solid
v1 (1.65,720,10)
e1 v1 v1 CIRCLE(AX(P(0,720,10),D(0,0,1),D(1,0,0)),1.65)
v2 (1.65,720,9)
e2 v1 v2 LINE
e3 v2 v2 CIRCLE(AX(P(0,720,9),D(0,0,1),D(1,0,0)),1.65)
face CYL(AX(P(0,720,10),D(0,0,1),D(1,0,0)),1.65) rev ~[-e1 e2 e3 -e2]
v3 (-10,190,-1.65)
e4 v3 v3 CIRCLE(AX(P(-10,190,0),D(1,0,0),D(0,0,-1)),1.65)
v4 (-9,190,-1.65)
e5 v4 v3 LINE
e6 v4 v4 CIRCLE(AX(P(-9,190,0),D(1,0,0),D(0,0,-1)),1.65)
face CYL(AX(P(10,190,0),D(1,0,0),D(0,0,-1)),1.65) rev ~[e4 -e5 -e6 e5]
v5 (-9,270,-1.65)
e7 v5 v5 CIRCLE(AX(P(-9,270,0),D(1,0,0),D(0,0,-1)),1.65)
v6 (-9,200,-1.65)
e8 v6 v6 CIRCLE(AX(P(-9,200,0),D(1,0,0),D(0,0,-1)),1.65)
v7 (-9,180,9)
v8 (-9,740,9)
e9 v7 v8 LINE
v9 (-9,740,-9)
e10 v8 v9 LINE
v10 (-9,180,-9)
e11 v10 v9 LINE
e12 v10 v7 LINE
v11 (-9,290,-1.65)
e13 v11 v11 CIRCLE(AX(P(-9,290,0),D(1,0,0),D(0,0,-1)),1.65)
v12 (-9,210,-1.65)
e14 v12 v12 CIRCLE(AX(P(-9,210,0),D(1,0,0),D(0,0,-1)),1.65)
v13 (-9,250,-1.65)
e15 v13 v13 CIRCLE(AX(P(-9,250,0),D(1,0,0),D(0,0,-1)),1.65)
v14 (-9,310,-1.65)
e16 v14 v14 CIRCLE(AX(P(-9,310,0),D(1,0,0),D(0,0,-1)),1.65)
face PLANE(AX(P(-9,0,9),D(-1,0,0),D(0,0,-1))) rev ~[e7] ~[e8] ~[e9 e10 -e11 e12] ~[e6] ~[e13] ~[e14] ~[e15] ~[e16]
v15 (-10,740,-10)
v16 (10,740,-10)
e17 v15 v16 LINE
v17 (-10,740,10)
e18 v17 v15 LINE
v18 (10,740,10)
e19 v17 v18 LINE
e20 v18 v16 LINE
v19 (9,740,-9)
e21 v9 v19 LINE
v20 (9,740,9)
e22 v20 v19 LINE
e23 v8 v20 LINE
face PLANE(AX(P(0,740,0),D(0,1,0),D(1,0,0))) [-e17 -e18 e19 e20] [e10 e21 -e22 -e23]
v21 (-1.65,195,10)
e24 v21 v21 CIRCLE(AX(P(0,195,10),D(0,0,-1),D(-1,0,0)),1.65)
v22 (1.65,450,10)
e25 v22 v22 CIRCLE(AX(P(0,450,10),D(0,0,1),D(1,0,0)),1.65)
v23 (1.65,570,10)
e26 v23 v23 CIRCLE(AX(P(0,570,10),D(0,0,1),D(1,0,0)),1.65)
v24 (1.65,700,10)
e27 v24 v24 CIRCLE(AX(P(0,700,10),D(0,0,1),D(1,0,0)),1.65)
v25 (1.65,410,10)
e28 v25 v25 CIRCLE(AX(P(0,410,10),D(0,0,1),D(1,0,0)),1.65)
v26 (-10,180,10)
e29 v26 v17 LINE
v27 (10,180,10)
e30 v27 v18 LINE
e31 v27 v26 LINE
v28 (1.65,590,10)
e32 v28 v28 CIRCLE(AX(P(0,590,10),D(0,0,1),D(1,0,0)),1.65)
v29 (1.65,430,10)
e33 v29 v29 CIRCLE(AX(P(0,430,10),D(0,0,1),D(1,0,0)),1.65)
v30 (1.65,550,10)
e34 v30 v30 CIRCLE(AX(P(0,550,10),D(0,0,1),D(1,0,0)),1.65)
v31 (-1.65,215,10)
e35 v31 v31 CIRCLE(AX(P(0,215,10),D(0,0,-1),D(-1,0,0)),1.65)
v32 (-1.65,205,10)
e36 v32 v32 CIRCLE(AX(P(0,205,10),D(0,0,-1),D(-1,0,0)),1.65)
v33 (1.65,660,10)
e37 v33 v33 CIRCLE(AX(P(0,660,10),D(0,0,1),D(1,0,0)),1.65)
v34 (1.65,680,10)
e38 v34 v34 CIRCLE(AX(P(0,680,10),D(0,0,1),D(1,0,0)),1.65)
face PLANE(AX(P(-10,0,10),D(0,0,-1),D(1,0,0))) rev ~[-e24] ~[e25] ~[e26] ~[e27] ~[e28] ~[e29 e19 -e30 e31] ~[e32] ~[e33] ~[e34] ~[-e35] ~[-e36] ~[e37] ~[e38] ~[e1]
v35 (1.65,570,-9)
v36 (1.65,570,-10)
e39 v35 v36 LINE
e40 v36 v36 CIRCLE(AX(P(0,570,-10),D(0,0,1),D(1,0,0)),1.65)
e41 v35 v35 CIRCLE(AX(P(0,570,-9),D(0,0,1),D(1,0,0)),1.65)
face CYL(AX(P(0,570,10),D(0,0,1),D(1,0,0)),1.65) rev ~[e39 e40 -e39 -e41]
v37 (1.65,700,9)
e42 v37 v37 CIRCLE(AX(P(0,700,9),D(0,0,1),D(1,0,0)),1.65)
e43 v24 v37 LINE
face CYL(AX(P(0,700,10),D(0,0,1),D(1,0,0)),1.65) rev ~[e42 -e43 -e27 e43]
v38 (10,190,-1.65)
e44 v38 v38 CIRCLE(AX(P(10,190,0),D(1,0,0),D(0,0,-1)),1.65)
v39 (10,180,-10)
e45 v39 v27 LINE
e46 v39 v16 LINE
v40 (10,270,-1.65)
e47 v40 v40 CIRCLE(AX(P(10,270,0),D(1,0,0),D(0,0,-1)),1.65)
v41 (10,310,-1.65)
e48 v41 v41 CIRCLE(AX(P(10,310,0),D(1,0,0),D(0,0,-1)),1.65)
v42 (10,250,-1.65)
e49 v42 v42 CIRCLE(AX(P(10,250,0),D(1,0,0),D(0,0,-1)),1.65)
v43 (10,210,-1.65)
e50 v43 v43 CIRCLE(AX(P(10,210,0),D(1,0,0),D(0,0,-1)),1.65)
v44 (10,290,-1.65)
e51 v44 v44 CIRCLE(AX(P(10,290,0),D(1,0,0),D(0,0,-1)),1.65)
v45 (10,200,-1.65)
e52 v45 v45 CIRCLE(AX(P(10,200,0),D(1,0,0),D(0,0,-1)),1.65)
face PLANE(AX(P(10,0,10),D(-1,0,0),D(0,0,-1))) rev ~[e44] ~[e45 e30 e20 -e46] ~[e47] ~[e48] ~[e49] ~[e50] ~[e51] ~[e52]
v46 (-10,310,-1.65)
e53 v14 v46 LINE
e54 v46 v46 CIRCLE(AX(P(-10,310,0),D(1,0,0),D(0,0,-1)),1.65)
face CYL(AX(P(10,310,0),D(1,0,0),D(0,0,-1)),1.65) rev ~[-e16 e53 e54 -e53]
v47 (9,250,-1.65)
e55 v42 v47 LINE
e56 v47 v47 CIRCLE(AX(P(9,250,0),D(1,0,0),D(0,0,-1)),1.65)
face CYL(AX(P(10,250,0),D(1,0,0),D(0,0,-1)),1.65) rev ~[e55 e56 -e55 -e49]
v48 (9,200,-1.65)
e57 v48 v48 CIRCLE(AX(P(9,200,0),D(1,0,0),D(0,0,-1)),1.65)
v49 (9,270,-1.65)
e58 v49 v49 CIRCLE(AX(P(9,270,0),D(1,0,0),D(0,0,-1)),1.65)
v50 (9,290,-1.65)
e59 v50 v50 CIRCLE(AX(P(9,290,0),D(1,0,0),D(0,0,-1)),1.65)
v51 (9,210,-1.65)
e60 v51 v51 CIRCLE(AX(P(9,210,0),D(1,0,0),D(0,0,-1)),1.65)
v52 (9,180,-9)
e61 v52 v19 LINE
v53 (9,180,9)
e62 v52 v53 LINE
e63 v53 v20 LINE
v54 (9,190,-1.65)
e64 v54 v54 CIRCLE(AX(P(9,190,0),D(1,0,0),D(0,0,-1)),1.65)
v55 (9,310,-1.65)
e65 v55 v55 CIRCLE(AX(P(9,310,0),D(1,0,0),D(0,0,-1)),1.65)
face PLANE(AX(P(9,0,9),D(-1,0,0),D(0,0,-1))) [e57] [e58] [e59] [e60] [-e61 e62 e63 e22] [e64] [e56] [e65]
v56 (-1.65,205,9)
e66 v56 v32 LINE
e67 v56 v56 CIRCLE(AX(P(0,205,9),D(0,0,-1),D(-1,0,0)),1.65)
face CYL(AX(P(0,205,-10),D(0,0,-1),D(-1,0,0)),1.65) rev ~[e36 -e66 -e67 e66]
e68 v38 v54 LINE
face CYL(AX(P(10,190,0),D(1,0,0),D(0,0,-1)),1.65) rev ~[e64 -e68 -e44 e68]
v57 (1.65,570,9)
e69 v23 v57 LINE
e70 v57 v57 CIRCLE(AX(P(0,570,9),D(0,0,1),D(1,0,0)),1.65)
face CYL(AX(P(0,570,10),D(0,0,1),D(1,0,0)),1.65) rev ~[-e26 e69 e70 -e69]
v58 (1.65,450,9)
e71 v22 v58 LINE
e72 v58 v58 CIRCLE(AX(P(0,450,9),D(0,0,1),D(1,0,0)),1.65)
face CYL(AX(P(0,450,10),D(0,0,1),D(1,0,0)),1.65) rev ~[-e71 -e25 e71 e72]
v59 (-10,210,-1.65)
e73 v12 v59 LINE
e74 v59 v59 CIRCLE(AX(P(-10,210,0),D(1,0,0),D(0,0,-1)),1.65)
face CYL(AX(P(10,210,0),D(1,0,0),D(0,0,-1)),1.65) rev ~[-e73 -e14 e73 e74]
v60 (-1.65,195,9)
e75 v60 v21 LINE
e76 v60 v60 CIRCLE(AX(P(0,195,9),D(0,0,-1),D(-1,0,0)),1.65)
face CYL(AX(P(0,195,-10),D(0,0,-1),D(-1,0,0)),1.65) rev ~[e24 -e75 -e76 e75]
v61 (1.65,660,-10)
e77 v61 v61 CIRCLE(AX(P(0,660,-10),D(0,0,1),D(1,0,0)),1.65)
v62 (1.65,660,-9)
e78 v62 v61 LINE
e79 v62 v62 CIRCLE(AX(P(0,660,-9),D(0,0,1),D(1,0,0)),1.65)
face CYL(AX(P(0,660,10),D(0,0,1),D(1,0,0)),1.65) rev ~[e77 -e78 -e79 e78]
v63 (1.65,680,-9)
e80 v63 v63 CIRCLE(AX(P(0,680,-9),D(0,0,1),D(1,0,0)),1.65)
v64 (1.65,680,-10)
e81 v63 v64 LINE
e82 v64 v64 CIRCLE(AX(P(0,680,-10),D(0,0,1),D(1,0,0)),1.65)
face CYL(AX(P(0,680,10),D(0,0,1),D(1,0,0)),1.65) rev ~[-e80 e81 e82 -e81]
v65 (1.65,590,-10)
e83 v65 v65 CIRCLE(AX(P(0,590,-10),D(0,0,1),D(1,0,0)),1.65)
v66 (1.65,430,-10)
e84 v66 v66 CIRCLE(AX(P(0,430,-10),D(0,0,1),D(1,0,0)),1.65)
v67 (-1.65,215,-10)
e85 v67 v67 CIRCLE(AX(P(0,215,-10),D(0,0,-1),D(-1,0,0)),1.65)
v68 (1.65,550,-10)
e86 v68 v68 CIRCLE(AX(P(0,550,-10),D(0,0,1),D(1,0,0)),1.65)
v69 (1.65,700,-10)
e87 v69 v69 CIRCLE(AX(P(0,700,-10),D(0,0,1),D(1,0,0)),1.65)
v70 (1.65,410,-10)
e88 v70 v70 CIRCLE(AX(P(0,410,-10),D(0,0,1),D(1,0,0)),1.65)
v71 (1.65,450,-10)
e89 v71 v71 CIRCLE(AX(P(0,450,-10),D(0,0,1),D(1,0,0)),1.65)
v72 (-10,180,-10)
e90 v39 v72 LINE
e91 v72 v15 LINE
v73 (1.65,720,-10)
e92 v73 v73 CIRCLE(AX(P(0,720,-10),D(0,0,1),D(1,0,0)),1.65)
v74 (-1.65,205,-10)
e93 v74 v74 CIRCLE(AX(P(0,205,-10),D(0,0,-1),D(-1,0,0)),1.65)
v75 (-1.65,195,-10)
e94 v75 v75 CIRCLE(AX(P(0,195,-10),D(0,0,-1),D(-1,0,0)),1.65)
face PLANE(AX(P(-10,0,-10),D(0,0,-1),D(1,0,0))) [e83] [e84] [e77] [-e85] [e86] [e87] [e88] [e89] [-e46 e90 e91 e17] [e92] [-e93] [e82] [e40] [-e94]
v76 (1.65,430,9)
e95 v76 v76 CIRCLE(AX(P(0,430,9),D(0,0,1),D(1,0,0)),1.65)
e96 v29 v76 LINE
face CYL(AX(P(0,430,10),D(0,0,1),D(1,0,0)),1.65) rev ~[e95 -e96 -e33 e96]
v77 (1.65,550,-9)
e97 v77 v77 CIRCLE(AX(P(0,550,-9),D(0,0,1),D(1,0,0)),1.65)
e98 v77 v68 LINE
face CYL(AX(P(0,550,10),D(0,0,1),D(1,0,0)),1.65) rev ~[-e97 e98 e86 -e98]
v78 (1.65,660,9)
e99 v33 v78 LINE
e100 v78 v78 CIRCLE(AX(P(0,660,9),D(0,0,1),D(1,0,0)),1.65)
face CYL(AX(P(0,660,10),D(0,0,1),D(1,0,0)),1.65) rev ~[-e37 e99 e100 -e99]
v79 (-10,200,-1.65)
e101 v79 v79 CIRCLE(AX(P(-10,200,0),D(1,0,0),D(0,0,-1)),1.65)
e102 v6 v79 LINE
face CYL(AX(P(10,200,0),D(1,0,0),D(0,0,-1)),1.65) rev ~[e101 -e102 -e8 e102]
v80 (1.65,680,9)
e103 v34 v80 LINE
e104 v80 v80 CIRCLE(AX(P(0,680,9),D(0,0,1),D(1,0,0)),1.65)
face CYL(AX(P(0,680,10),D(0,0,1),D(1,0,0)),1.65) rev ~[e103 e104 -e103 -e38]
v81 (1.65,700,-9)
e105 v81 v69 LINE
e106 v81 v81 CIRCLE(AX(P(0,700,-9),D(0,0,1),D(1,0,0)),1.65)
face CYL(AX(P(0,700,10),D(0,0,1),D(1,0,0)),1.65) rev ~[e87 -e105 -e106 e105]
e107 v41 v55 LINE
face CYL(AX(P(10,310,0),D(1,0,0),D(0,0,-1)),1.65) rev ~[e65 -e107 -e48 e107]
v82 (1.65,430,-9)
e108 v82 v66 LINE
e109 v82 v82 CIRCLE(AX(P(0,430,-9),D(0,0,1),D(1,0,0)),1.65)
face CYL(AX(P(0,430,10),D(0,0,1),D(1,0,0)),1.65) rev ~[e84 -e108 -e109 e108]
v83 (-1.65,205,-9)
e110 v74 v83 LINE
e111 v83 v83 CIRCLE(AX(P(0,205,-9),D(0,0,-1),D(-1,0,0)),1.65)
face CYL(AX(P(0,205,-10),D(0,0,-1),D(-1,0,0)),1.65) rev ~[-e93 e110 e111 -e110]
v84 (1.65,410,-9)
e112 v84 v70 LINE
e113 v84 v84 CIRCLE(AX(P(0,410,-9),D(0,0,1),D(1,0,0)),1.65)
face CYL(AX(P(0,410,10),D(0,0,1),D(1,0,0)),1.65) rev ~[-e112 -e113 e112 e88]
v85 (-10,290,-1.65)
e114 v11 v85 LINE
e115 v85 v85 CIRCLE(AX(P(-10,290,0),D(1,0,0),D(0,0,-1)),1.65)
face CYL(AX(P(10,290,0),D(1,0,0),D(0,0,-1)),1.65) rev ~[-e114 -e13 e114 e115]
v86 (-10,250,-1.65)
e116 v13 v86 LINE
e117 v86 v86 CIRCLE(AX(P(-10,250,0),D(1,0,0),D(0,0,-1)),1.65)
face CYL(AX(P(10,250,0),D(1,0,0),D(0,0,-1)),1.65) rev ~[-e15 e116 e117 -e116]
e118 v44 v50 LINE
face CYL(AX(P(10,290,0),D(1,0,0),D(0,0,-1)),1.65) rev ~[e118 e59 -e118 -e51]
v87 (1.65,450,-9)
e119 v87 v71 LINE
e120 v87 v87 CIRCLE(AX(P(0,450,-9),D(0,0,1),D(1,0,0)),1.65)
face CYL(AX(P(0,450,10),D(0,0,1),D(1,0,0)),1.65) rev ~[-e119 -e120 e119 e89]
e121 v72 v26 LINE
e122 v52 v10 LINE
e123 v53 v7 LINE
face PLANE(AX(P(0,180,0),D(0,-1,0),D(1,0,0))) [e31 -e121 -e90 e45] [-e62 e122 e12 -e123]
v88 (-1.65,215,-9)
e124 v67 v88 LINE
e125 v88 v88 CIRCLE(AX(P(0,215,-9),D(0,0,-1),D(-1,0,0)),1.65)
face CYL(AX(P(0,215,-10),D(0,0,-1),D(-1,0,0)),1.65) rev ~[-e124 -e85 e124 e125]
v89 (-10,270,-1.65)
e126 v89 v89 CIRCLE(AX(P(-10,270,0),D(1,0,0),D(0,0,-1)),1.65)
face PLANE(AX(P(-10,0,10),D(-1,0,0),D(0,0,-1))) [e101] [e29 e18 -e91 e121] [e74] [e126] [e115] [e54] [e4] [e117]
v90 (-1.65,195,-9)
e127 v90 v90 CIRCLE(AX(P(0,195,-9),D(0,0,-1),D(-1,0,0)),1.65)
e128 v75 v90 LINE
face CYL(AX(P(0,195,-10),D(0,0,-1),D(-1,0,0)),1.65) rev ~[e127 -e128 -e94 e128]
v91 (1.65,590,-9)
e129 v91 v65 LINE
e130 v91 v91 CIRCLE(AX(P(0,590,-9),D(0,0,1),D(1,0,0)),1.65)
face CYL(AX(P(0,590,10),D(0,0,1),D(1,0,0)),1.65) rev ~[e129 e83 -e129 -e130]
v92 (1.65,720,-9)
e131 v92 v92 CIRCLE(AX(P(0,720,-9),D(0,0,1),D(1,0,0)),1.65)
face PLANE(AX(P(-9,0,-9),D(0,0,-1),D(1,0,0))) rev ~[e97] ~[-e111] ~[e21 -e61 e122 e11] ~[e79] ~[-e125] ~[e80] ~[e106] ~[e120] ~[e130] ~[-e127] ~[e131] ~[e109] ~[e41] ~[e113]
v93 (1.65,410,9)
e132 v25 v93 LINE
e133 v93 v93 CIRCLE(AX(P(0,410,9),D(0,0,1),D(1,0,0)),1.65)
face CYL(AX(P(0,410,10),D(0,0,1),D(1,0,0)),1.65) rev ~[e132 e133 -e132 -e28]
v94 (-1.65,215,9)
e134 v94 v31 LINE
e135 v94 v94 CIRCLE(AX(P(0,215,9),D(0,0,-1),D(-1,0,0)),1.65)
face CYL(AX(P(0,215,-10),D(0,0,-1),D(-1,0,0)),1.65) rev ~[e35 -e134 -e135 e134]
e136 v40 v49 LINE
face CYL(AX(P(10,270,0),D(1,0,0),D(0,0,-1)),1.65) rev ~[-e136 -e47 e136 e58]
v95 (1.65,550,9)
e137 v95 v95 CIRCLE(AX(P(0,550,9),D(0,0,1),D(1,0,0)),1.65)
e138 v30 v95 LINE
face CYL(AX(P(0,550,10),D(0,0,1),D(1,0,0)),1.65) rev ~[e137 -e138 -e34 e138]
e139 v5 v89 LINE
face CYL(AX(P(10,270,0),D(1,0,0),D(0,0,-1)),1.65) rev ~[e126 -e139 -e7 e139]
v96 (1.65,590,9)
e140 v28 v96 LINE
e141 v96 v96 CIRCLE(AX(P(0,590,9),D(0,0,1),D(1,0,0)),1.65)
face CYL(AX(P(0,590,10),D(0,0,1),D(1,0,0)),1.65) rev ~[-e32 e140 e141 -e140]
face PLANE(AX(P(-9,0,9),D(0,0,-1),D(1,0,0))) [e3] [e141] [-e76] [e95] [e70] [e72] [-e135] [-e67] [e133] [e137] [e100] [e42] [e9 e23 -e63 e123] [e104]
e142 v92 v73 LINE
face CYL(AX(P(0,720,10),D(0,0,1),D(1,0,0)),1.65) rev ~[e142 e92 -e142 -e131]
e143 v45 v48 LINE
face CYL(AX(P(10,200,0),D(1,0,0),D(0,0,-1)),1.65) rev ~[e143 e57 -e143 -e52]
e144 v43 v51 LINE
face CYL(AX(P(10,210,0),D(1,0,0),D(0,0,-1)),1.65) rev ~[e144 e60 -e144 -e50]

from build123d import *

# Parameters (mm, degrees)
SKETCH_1_W          = 20
SKETCH_1_H          = 20
SKETCH_1_W_2        = 18
SKETCH_1_H_2        = 18
EXTRUDE_1_DEPTH     = 740
SKETCH_3_R          = 1.65
CUT_EXTRUDE_1_DEPTH = 32
SKETCH_4_R          = 1.65
CUT_EXTRUDE_2_DEPTH = 741.337760755
SKETCH_5_R          = 14.566227152
CUT_EXTRUDE_3_DEPTH = 180
SKETCH_6_R          = 1.65
CUT_EXTRUDE_4_DEPTH = 30
SKETCH_7_R          = 1.65
CUT_EXTRUDE_5_DEPTH = 741.337760755


with BuildPart() as part:
    # 草图1 → 凸台-拉伸1 (new body)
    with BuildSketch(Plane(origin=(0, 0, 0), x_dir=(1, 0, 0), z_dir=(0, 1, 0))):
        Rectangle(SKETCH_1_W, SKETCH_1_H)
        Rectangle(SKETCH_1_W_2, SKETCH_1_H_2, mode=Mode.SUBTRACT)
    extrude(amount=EXTRUDE_1_DEPTH)

    # 草图3 → 切除-拉伸1 (cut)
    with BuildSketch(Plane.XY.offset(10)):
        with Locations((0, 720)):
            Circle(SKETCH_3_R)
        with Locations((0, 700)):
            Circle(SKETCH_3_R)
        with Locations((0, 680)):
            Circle(SKETCH_3_R)
        with Locations((0, 660)):
            Circle(SKETCH_3_R)
        with Locations((0, 590)):
            Circle(SKETCH_3_R)
        with Locations((0, 570)):
            Circle(SKETCH_3_R)
        with Locations((0, 550)):
            Circle(SKETCH_3_R)
        with Locations((0, 450)):
            Circle(SKETCH_3_R)
        with Locations((0, 430)):
            Circle(SKETCH_3_R)
        with Locations((0, 410)):
            Circle(SKETCH_3_R)
    extrude(amount=-CUT_EXTRUDE_1_DEPTH, mode=Mode.SUBTRACT)

    # 草图4 → 切除-拉伸2 (cut, through all)
    with BuildSketch(Plane(origin=(10, 0, 0), x_dir=(0, 0, -1), z_dir=(1, 0, 0))):
        with Locations((0, 250)):
            Circle(SKETCH_4_R)
        with Locations((0, 270)):
            Circle(SKETCH_4_R)
        with Locations((0, 290)):
            Circle(SKETCH_4_R)
        with Locations((0, 310)):
            Circle(SKETCH_4_R)
    extrude(amount=-CUT_EXTRUDE_2_DEPTH, mode=Mode.SUBTRACT)

    # 草图5 → 切除-拉伸3 (cut)
    with BuildSketch(Plane.XZ):
        Circle(SKETCH_5_R)
    extrude(amount=-CUT_EXTRUDE_3_DEPTH, mode=Mode.SUBTRACT)

    # 草图6 → 切除-拉伸4 (cut)
    with BuildSketch(Plane(origin=(10, 0, 0), x_dir=(0, 0, -1), z_dir=(1, 0, 0))):
        with Locations((0, 190)):
            Circle(SKETCH_6_R)
        with Locations((0, 200)):
            Circle(SKETCH_6_R)
        with Locations((0, 210)):
            Circle(SKETCH_6_R)
    extrude(amount=-CUT_EXTRUDE_4_DEPTH, mode=Mode.SUBTRACT)

    # 草图7 → 切除-拉伸5 (cut, through all)
    with BuildSketch(Plane(origin=(0, 0, -10), x_dir=(-1, 0, 0), z_dir=(0, 0, -1))):
        with Locations((0, 195)):
            Circle(SKETCH_7_R)
        with Locations((0, 205)):
            Circle(SKETCH_7_R)
        with Locations((0, 215)):
            Circle(SKETCH_7_R)
    extrude(amount=-CUT_EXTRUDE_5_DEPTH, mode=Mode.SUBTRACT)


solid = part.part
